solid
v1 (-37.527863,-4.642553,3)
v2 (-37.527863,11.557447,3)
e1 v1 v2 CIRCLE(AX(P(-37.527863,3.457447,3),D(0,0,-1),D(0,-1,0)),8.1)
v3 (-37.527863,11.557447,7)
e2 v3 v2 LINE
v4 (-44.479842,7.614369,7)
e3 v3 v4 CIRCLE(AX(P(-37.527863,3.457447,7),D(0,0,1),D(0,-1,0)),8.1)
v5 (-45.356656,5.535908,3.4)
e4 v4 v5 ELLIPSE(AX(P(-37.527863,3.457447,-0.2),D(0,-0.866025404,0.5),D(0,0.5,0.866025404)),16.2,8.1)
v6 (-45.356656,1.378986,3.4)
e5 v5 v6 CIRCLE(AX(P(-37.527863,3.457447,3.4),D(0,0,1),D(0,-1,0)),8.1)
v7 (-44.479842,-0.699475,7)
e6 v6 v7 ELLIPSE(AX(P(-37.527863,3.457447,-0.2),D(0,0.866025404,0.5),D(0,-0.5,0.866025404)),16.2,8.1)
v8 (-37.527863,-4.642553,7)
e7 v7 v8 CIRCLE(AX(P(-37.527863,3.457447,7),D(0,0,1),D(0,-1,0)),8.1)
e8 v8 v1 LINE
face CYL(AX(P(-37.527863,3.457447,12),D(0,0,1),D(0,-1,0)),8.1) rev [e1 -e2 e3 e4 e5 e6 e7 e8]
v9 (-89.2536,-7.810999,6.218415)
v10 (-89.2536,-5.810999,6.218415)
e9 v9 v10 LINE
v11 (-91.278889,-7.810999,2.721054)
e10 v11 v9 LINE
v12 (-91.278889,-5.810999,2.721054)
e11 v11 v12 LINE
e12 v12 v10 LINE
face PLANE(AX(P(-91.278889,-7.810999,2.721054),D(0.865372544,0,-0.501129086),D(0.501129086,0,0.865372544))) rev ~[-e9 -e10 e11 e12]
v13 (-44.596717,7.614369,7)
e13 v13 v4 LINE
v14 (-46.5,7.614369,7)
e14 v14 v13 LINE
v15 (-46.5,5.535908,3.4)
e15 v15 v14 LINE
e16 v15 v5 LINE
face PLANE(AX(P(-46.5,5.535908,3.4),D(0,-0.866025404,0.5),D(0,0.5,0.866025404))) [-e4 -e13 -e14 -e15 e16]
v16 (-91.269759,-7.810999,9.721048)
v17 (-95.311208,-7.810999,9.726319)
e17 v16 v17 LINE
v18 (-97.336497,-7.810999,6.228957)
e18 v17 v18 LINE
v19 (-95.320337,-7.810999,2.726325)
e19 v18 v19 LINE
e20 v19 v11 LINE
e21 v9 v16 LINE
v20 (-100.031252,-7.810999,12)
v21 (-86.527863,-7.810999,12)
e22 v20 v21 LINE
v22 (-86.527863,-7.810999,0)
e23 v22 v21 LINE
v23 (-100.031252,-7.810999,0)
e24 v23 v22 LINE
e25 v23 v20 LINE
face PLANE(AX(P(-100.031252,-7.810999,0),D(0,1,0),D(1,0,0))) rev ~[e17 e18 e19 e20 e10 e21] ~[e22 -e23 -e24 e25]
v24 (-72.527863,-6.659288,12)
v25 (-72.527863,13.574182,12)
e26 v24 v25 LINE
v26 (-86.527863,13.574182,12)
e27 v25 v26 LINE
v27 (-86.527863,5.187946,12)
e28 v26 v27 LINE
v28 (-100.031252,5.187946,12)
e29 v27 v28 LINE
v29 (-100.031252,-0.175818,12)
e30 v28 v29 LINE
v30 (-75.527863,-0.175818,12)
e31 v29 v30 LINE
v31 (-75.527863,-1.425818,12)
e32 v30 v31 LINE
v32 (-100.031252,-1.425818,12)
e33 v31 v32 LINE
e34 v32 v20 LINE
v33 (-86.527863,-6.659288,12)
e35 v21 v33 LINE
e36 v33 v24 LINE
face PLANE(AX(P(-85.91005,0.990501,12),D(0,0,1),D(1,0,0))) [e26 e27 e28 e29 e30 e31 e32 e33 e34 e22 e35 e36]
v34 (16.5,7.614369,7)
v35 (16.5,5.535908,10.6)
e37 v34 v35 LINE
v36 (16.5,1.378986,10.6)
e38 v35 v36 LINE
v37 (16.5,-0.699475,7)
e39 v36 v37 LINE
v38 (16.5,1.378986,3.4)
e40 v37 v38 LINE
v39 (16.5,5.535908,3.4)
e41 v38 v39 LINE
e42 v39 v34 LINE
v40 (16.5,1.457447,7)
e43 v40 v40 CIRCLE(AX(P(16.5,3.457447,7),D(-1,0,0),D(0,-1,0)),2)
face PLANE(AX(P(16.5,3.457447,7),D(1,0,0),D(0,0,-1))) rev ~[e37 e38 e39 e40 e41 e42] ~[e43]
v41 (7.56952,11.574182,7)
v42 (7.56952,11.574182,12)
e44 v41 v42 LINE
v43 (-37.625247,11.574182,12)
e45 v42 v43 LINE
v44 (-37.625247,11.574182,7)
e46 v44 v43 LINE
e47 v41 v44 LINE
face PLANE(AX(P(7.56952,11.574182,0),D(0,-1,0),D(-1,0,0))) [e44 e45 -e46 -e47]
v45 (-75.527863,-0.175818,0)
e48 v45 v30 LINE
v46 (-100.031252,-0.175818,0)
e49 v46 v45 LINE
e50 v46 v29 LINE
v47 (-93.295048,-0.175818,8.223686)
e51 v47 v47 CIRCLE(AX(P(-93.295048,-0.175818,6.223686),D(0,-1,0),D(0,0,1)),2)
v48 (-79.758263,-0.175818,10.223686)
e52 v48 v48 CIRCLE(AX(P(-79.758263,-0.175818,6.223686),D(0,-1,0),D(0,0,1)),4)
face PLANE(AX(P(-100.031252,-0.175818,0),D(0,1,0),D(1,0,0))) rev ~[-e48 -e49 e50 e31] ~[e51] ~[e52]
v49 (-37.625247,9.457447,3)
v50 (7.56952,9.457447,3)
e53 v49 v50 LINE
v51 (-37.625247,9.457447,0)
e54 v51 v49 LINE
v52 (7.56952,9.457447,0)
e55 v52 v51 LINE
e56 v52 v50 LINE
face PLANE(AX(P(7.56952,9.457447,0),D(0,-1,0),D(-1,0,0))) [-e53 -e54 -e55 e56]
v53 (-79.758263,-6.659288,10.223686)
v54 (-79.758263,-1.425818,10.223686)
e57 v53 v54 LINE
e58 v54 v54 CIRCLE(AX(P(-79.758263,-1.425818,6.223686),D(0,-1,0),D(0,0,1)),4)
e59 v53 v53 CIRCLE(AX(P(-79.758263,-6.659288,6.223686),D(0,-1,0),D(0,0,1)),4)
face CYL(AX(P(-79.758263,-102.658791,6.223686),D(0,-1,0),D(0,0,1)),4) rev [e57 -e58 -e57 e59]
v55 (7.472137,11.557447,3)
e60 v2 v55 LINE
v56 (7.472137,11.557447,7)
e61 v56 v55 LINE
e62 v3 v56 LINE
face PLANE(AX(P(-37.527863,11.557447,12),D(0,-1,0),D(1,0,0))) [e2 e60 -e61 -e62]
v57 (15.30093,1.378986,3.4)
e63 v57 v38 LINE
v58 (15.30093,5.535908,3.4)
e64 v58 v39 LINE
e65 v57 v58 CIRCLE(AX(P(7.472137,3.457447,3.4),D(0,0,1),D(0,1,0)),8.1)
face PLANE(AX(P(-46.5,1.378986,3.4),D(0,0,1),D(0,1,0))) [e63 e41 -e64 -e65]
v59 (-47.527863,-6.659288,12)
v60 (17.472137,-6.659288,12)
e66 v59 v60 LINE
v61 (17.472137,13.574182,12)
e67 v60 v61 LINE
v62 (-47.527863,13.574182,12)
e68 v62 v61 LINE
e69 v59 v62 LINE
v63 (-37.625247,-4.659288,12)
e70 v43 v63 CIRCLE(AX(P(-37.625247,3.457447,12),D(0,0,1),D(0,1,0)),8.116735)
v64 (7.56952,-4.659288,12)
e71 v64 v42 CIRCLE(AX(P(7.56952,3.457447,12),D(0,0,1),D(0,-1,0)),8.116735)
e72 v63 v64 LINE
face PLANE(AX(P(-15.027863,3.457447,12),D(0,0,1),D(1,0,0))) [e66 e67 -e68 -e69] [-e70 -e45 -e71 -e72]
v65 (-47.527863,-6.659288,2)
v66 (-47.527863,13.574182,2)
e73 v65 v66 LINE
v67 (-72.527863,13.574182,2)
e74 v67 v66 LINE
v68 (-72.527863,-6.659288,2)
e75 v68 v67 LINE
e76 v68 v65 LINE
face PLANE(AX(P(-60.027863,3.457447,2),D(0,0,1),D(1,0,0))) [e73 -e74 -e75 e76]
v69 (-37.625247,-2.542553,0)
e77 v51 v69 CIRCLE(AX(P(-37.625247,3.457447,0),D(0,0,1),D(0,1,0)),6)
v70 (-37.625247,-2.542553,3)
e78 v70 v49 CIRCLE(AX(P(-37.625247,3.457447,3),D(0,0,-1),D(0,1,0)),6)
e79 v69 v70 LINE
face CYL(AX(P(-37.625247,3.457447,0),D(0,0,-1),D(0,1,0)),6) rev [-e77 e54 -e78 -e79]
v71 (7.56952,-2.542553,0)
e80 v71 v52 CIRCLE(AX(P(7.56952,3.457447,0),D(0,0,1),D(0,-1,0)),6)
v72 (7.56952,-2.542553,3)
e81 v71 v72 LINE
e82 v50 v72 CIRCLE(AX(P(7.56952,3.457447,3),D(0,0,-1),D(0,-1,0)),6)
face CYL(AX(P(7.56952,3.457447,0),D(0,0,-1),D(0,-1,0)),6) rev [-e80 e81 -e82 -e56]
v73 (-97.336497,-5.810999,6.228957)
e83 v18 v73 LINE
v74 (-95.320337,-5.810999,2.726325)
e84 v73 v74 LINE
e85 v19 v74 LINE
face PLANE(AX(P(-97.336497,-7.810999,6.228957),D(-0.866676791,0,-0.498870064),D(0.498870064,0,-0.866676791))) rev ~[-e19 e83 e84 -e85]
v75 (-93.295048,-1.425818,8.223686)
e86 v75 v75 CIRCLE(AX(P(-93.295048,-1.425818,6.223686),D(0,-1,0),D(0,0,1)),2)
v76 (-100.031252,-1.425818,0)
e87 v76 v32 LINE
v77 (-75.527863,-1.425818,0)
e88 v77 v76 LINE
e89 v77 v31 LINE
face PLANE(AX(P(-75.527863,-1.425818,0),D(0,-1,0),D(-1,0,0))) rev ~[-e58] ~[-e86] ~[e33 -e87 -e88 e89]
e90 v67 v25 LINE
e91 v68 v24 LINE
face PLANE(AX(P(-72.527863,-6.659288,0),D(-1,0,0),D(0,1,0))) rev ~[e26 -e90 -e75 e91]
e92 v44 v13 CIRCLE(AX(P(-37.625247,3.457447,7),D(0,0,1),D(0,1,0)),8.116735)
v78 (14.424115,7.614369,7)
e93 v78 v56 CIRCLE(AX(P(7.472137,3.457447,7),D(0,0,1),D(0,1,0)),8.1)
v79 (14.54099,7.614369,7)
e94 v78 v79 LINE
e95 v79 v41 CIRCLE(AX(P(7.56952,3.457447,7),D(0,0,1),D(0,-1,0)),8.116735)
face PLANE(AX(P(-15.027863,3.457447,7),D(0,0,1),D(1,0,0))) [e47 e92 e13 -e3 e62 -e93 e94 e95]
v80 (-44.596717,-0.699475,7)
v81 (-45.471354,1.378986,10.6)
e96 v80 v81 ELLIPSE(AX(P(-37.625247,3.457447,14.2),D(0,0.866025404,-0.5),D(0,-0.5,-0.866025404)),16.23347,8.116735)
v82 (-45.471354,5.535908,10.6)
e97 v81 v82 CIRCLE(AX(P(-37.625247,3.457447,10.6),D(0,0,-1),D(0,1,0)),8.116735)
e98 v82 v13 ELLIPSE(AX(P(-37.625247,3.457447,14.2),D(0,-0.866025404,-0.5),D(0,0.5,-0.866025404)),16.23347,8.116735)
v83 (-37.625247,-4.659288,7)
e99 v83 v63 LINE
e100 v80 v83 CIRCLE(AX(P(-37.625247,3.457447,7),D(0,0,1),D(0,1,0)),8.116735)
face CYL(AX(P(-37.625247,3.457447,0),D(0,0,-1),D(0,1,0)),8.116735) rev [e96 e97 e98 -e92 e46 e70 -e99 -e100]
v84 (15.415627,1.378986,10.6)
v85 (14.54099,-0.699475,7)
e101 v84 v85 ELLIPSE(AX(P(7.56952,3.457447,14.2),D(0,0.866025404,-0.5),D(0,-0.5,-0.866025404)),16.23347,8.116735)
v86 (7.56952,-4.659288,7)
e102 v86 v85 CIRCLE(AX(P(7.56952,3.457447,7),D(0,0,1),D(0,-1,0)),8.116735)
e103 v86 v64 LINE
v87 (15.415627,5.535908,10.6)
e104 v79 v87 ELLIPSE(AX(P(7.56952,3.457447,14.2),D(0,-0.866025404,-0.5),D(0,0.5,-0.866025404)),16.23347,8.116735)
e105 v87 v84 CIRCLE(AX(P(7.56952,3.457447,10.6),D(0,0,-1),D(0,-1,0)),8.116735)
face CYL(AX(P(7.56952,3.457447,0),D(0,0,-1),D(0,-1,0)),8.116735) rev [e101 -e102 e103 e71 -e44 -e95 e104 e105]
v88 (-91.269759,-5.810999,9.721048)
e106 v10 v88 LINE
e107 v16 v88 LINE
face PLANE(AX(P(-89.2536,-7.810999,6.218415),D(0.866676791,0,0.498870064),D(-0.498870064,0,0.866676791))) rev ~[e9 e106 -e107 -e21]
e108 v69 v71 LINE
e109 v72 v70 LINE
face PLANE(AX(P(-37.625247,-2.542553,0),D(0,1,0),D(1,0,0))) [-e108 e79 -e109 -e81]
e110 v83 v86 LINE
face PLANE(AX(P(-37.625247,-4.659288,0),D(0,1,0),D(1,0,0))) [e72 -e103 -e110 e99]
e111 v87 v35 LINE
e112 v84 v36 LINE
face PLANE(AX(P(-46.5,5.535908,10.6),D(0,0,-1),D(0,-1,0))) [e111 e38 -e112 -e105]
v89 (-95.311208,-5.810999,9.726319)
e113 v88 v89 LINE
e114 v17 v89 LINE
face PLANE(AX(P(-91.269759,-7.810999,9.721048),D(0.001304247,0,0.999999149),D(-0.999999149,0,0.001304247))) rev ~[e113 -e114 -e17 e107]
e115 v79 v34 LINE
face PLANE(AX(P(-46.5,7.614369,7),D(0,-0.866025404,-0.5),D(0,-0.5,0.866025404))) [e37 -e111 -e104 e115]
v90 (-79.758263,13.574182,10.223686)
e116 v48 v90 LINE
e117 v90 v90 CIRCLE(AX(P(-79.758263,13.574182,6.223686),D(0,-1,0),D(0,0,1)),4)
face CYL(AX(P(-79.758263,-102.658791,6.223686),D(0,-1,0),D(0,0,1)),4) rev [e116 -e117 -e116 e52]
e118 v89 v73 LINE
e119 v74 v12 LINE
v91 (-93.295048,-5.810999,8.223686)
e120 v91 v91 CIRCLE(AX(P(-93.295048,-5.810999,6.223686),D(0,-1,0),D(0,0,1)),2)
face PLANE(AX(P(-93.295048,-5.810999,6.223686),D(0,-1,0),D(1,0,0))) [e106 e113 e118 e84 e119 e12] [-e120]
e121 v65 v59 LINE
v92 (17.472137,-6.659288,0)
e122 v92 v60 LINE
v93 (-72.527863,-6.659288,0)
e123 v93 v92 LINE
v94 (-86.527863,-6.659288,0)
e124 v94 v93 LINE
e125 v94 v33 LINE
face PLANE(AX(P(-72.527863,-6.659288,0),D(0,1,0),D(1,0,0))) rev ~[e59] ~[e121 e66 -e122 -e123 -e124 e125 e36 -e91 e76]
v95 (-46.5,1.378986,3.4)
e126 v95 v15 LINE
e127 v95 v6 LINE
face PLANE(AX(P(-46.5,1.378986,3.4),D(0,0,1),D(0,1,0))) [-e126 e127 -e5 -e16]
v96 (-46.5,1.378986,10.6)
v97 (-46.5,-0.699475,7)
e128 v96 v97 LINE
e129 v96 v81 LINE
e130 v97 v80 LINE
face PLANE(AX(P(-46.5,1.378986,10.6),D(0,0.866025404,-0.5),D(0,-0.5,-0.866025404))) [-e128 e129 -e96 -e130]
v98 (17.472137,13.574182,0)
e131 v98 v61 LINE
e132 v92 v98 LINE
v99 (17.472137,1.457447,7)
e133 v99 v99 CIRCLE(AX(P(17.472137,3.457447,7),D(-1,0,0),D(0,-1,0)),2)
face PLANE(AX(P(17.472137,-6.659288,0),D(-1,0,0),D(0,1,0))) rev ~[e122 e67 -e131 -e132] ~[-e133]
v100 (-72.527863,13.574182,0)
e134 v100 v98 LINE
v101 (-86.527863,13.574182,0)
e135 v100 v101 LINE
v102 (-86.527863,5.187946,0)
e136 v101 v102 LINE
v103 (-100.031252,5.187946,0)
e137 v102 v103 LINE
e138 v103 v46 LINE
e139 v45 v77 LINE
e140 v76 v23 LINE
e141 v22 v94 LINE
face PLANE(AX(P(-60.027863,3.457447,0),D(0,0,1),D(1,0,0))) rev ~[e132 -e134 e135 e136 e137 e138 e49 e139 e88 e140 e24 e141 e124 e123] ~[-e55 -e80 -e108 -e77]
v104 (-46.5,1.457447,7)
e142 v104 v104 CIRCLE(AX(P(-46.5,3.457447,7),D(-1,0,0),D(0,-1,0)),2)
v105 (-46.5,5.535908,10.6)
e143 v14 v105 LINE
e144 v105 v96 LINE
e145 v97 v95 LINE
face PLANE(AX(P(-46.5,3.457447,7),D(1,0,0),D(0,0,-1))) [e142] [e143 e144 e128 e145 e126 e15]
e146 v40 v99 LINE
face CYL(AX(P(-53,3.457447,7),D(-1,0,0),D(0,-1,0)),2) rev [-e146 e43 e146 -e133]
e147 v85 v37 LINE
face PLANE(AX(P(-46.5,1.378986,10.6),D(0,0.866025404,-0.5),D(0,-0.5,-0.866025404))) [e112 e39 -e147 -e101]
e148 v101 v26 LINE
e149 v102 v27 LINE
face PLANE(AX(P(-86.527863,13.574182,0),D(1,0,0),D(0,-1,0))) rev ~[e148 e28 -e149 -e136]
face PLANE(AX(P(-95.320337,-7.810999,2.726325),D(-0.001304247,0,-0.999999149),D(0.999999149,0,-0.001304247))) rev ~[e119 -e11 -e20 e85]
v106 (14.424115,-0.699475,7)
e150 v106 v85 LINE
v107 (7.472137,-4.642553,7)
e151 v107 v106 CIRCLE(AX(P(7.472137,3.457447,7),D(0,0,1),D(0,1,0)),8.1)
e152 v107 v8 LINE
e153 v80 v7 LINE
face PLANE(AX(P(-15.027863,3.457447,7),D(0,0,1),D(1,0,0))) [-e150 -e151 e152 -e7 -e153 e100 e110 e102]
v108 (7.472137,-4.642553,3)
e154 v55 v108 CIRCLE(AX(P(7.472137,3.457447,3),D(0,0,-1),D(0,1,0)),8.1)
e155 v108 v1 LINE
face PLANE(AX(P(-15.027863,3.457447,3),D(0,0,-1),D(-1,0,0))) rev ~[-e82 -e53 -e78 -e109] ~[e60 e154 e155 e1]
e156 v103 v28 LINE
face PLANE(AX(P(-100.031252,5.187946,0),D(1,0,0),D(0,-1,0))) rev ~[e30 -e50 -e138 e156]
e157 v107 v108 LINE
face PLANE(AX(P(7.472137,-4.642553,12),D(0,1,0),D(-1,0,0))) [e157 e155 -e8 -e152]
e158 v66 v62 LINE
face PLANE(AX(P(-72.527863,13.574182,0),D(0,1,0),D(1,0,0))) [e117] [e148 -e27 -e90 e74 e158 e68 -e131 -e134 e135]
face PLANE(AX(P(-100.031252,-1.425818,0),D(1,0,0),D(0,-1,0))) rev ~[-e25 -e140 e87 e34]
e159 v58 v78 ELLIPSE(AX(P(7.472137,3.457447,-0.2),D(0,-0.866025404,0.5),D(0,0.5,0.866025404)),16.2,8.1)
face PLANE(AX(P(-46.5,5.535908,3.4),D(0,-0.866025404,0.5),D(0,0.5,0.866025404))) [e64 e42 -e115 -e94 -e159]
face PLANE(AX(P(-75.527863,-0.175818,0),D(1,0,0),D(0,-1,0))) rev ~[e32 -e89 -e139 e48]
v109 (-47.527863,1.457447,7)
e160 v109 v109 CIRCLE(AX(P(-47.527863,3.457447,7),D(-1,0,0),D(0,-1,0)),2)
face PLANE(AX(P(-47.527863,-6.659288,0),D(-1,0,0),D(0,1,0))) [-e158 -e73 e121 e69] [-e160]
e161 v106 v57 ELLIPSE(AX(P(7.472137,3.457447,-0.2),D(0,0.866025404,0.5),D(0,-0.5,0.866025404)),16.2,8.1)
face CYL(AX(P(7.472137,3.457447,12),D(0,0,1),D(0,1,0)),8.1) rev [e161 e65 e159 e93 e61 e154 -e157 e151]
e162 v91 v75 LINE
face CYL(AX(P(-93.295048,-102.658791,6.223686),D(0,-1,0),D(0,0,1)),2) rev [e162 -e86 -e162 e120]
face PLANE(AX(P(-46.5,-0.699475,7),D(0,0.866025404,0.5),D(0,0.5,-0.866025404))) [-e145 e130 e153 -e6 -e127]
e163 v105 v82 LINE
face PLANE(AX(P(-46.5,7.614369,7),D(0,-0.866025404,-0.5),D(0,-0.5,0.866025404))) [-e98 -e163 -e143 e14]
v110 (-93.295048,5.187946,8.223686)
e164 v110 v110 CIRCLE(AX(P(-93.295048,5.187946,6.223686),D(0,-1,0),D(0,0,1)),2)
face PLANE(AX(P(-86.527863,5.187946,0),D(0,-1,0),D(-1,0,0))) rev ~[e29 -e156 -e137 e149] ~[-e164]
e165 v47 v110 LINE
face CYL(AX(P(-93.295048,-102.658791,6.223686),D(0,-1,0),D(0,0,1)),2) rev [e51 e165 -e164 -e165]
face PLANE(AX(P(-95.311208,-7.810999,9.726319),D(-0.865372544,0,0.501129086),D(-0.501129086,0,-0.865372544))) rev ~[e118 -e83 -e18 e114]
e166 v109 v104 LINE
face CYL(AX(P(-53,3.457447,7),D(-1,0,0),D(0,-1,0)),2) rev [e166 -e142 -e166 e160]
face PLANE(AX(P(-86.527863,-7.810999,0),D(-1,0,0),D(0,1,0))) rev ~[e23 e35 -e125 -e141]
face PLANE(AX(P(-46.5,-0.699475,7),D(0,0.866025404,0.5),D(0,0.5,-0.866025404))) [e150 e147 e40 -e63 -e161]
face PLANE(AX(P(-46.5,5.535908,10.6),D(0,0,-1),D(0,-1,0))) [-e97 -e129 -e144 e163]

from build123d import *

# Parameters (mm, degrees)
BOSS_EXTRU_9_DEPTH            = 12
BOSS_EXTRU_10_DEPTH           = 7
BOSS_EXTRU_11_DEPTH           = 12
BOSS_EXTRU_12_DEPTH           = 2
ENL_V_MAT_EXTRU_5_DEPTH       = 102.658790864
ENL_V_MAT_EXTRU_5_DEPTH_BACK  = 102.658790864
ESQUISSE3_R                   = 4
ESQUISSE3_R_2                 = 2
ENL_V_MAT_EXTRU_6_DEPTH       = 2
ENL_V_MAT_EXTRU_13_DEPTH      = 9
ENL_V_MAT_EXTRU_15_DEPTH      = 38
ENL_V_MAT_EXTRU_15_DEPTH_BACK = 53
ESQUISSE12_R                  = 2
ENL_V_MAT_EXTRU_16_DEPTH      = 16.5
ENL_V_MAT_EXTRU_16_DEPTH_BACK = 46.5


with BuildPart() as part:
    # Esquisse1 → Boss.-Extru.9 (new body)
    with BuildSketch(Plane.XY):
        Polygon((-35.202033687, 13.574181601), (-47.527863484, 13.574181601), (-47.527863484, -6.659287984), (17.472136516, -6.659287984), (17.472136516, 13.574181601), align=None)
        with BuildLine():
            ThreePointArc((-37.62524742, -4.659287984), (-45.741982213, 3.457446809), (-37.62524742, 11.574181601))
            Line((-37.62524742, 11.574181601), (7.569520453, 11.574181601))
            ThreePointArc((7.569520453, 11.574181601), (15.686255246, 3.457446809), (7.569520453, -4.659287984))
            Line((7.569520453, -4.659287984), (-37.62524742, -4.659287984))
        make_face(mode=Mode.SUBTRACT)
    extrude(amount=BOSS_EXTRU_9_DEPTH)

    # Esquisse1<14> → Boss.-Extru.10 (add)
    with BuildSketch(Plane.XY):
        with BuildLine():
            Line((7.569520453, 11.574181601), (-37.62524742, 11.574181601))
            ThreePointArc((-37.62524742, 11.574181601), (-45.741982213, 3.457446809), (-37.62524742, -4.659287984))
            Line((-37.62524742, -4.659287984), (7.569520453, -4.659287984))
            ThreePointArc((7.569520453, -4.659287984), (15.686255246, 3.457446809), (7.569520453, 11.574181601))
        make_face()
        with BuildLine():
            ThreePointArc((-37.62524742, -2.542553191), (-43.62524742, 3.457446809), (-37.62524742, 9.457446809))
            Line((-37.62524742, 9.457446809), (7.569520453, 9.457446809))
            ThreePointArc((7.569520453, 9.457446809), (13.569520453, 3.457446809), (7.569520453, -2.542553191))
            Line((7.569520453, -2.542553191), (-37.62524742, -2.542553191))
        make_face(mode=Mode.SUBTRACT)
    extrude(amount=BOSS_EXTRU_10_DEPTH)



with BuildPart() as body_2:
    # Esquisse1<17> → Boss.-Extru.11 (new body)
    with BuildSketch(Plane.XY):
        Polygon((-72.527863484, 13.574181601), (-86.527863484, 13.574181601), (-86.527863484, 5.187945625), (-100.031251885, 5.187945625), (-100.031251885, -0.175818399), (-75.527863484, -0.175818399), (-75.527863484, -1.425818399), (-100.031251885, -1.425818399), (-100.031251885, -7.810998677), (-86.527863484, -7.810998677), (-86.527863484, -6.659287984), (-72.527863484, -6.659287984), align=None)
    extrude(amount=BOSS_EXTRU_11_DEPTH)


with BuildPart() as part_1:
    add(part.part)

    add(body_2.part)  # Boss.-Extru.12 merges body 2
    # Esquisse1<18> → Boss.-Extru.12 (add)
    with BuildSketch(Plane.XY):
        Polygon((-47.527863484, -6.659287984), (-47.527863484, 13.574181601), (-72.527863484, 13.574181601), (-72.527863484, 10.071210833), (-72.527863484, 9.071210833), (-72.527863484, -1.92773347), (-72.527863484, -2.92773347), (-72.527863484, -6.659287984), align=None)
    extrude(amount=BOSS_EXTRU_12_DEPTH)

    # Esquisse3 → Enlèv. mat.-Extru.5 (cut, two sides: drawn at the far end of the back side and taken through both)
    with BuildSketch(Plane(origin=(0, 0, 0), x_dir=(1, 0, 0), z_dir=(0, 1, 0)).offset(-ENL_V_MAT_EXTRU_5_DEPTH_BACK)):
        with Locations((-79.75826264, -6.22368636)):
            Circle(ESQUISSE3_R)
        with Locations((-93.295048271, -6.22368636)):
            Circle(ESQUISSE3_R_2)
    extrude(amount=ENL_V_MAT_EXTRU_5_DEPTH + ENL_V_MAT_EXTRU_5_DEPTH_BACK, mode=Mode.SUBTRACT)

    # Esquisse4 → Enlèv. mat.-Extru.6 (cut)
    with BuildSketch(Plane.XZ.offset(7.810998677)):
        Polygon((-91.278888912, 2.721053811), (-89.253599824, 6.218415309), (-91.269759184, 9.721047858), (-95.311207631, 9.726318909), (-97.336496718, 6.228957411), (-95.320337359, 2.726324862), align=None)
    extrude(amount=-ENL_V_MAT_EXTRU_6_DEPTH, mode=Mode.SUBTRACT)

    # Esquisse9 → Enlèv. mat.-Extru.13 (cut)
    with BuildSketch(Plane.XY.offset(12)):
        with BuildLine():
            Line((-37.527863484, 11.557446809), (7.472136516, 11.557446809))
            ThreePointArc((7.472136516, 11.557446809), (15.572136516, 3.457446809), (7.472136516, -4.642553191))
            Line((7.472136516, -4.642553191), (-37.527863484, -4.642553191))
            ThreePointArc((-37.527863484, -4.642553191), (-45.627863484, 3.457446809), (-37.527863484, 11.557446809))
        make_face()
    extrude(amount=-ENL_V_MAT_EXTRU_13_DEPTH, mode=Mode.SUBTRACT)

    # Esquisse12 → Enlèv. mat.-Extru.15 (cut, two sides: drawn at the far end of the back side and taken through both)
    with BuildSketch(Plane(origin=(0, 0, 0), x_dir=(0, 0, -1), z_dir=(1, 0, 0)).offset(-ENL_V_MAT_EXTRU_15_DEPTH_BACK)):
        with Locations((-7, 3.457446809)):
            Circle(ESQUISSE12_R)
    extrude(amount=ENL_V_MAT_EXTRU_15_DEPTH + ENL_V_MAT_EXTRU_15_DEPTH_BACK, mode=Mode.SUBTRACT)

    # Esquisse13 → Enlèv. mat.-Extru.16 (cut, two sides: drawn at the far end of the back side and taken through both)
    with BuildSketch(Plane(origin=(0, 0, 0), x_dir=(0, 0, -1), z_dir=(1, 0, 0)).offset(-ENL_V_MAT_EXTRU_16_DEPTH_BACK)):
        Polygon((-7, -0.69947513), (-3.4, 1.378985839), (-3.4, 5.535907778), (-7, 7.614368747), (-10.6, 5.535907778), (-10.6, 1.378985839), align=None)
    extrude(amount=ENL_V_MAT_EXTRU_16_DEPTH + ENL_V_MAT_EXTRU_16_DEPTH_BACK, mode=Mode.SUBTRACT)


solid = part_1.part
